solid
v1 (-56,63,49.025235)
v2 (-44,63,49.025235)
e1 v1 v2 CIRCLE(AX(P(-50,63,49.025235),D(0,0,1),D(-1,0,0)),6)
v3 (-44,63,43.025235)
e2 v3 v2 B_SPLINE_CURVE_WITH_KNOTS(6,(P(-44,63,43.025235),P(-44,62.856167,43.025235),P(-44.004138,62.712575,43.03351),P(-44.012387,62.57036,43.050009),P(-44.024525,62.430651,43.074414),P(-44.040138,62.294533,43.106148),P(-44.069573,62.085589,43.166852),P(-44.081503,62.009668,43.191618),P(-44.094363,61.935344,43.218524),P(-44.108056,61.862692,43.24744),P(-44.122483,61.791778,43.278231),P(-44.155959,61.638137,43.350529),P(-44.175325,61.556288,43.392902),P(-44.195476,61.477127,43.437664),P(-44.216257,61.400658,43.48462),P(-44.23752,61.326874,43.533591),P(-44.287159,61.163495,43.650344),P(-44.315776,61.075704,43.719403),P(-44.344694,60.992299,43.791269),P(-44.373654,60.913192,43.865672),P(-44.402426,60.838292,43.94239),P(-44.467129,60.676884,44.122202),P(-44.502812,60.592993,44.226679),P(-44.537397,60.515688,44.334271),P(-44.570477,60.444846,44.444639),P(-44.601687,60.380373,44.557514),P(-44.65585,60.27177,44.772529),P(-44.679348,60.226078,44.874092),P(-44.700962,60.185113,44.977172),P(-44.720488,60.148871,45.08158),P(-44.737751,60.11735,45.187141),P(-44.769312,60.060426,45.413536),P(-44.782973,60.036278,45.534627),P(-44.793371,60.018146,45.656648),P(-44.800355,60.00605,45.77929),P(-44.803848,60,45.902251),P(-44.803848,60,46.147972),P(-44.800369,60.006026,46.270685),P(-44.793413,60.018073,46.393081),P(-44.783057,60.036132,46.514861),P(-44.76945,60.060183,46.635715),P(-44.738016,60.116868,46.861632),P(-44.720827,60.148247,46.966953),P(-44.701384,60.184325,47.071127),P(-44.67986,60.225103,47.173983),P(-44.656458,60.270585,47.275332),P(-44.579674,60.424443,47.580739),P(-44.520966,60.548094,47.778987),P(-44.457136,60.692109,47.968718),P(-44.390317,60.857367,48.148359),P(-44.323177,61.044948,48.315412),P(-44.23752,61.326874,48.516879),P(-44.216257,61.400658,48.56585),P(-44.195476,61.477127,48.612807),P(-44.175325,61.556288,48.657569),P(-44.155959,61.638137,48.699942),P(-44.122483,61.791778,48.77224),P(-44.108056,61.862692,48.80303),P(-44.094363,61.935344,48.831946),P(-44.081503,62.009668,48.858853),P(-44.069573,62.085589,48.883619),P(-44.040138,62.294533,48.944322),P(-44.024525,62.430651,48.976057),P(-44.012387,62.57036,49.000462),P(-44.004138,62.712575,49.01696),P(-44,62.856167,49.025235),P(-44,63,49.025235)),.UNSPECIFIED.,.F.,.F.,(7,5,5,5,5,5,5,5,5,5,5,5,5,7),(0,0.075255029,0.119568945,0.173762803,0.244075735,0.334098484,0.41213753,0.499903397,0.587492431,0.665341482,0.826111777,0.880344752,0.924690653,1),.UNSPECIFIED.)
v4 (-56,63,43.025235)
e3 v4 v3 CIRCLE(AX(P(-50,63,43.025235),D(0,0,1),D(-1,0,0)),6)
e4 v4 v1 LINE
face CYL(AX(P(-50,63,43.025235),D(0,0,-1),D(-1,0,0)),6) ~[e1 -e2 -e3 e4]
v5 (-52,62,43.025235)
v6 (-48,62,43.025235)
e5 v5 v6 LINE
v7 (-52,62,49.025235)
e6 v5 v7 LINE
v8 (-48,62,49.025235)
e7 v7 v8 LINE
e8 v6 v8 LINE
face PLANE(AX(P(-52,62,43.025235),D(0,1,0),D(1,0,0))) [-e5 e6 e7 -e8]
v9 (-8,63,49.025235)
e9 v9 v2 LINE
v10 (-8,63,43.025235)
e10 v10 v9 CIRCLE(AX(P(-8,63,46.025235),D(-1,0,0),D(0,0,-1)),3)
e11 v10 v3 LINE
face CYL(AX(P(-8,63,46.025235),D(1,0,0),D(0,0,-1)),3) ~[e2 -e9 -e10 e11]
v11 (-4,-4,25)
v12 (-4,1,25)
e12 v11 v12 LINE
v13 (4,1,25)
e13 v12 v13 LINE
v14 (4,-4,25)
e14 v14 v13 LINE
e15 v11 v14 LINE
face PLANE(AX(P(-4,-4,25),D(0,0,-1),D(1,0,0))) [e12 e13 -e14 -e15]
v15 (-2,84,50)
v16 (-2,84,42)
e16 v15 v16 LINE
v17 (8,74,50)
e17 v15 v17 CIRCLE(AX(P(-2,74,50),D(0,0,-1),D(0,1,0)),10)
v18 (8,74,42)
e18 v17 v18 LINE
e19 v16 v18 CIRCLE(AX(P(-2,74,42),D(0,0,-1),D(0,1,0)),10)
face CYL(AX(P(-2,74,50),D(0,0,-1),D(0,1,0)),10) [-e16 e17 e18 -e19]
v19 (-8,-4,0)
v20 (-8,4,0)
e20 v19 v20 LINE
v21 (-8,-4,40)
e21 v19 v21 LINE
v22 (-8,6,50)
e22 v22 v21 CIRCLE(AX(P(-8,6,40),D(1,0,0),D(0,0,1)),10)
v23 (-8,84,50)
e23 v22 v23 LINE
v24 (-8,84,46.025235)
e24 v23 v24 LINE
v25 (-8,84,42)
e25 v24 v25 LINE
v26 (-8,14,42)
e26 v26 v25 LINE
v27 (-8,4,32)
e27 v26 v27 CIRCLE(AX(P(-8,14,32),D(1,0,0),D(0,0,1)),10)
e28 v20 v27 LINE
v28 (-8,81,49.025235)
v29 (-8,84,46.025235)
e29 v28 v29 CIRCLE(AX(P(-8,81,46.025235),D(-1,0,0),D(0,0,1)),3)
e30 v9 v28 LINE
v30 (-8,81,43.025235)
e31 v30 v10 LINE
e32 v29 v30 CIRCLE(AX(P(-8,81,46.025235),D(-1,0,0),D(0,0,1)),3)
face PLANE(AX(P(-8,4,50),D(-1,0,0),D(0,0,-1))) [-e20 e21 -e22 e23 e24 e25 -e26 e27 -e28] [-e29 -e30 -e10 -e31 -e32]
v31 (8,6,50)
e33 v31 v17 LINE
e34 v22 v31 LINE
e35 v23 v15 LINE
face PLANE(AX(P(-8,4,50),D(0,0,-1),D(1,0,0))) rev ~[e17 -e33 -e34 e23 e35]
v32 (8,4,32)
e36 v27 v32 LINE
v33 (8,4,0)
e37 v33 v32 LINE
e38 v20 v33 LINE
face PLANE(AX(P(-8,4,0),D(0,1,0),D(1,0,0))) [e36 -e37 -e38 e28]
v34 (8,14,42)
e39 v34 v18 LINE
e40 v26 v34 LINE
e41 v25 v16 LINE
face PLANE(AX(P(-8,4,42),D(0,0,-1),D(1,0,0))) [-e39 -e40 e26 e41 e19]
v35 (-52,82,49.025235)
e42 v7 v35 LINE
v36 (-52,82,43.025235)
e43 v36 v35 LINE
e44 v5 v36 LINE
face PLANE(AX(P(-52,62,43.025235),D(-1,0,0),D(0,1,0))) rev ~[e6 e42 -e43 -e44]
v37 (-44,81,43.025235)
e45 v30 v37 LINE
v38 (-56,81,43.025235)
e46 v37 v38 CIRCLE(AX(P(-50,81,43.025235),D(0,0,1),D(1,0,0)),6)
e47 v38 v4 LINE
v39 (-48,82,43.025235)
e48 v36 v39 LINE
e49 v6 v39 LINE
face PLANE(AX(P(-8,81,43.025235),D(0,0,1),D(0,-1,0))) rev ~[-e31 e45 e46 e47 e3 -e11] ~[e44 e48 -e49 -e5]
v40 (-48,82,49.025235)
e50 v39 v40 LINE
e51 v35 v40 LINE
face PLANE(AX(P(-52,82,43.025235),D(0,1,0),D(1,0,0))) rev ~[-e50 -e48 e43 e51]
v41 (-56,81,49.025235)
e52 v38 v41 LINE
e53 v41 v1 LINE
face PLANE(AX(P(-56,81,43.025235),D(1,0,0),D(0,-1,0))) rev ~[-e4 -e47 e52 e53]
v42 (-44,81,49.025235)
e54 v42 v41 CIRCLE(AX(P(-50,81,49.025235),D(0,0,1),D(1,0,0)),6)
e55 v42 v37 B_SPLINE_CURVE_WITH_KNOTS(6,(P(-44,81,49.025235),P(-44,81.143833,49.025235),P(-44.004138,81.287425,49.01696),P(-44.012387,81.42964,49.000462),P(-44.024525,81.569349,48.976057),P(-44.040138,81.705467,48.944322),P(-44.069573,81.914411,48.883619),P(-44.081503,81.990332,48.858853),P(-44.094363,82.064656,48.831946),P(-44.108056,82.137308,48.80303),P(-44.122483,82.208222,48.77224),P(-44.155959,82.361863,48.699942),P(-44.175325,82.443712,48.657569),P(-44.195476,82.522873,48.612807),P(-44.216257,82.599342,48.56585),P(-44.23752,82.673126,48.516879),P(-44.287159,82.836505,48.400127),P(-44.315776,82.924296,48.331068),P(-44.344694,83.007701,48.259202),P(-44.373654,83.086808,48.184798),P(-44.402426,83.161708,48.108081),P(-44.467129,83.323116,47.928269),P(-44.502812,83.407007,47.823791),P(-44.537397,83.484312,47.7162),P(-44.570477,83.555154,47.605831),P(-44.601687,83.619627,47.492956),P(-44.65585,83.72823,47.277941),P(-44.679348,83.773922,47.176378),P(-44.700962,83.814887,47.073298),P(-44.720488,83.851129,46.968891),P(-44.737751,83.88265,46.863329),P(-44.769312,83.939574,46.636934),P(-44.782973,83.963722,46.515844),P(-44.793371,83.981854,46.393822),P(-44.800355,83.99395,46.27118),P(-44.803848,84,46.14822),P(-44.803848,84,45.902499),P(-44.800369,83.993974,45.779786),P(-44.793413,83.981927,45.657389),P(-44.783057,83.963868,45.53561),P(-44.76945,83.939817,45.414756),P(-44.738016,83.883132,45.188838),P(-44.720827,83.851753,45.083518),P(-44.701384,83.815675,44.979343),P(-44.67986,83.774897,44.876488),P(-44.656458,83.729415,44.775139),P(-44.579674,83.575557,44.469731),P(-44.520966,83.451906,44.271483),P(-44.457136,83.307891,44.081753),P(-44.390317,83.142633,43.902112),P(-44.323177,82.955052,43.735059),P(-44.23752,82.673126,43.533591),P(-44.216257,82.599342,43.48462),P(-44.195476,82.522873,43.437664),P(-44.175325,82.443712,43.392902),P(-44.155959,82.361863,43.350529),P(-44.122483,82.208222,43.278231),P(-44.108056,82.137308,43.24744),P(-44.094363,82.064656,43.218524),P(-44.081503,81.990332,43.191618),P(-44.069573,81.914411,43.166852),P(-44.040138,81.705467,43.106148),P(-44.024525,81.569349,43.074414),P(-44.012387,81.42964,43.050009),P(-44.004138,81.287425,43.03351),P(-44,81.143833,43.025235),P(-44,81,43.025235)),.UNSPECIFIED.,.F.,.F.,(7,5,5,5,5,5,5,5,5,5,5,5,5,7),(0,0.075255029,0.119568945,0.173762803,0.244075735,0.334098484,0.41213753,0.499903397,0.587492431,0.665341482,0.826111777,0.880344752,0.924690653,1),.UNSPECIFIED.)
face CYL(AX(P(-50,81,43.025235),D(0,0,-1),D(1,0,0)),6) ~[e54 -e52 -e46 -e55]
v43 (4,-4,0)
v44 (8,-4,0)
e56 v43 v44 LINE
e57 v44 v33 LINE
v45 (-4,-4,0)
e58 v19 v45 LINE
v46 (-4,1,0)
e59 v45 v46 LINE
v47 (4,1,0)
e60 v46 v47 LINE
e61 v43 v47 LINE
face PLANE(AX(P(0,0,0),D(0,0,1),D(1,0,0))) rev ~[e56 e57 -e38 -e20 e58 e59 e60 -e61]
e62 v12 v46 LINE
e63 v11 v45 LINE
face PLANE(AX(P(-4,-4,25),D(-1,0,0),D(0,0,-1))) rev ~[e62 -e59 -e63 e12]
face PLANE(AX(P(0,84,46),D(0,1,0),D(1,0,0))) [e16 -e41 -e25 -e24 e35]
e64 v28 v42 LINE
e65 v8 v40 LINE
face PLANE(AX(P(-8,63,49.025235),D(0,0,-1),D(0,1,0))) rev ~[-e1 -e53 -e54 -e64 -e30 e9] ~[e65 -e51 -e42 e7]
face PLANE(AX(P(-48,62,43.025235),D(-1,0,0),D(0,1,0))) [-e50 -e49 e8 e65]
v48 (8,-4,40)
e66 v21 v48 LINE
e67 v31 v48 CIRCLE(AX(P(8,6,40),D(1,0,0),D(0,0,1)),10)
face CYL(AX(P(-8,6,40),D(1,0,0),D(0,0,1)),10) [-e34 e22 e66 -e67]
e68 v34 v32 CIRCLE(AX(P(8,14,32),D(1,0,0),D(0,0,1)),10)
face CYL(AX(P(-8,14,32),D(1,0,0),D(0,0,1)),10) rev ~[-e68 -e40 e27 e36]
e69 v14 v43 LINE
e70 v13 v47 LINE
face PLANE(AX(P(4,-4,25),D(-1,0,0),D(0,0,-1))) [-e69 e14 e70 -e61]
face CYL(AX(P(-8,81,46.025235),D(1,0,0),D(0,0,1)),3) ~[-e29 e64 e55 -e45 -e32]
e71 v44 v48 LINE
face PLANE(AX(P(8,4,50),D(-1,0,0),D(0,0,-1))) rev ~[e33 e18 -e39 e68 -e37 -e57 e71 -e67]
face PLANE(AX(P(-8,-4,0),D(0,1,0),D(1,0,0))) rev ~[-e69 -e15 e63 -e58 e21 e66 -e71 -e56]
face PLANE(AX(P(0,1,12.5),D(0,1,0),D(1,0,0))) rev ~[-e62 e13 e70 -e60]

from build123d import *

# Parameters (mm, degrees)
ARM_FEATURE_SKETCH_W = 16
ARM_FEATURE_SKETCH_H = 8
ARM_FEATURE_DEPTH    = 50
TAB_FEATURE_SKETCH_W = 8
TAB_FEATURE_SKETCH_H = 25
TAB_FEATURE_DEPTH    = 5
LEG_FEATURE_SKETCH_W = 16
LEG_FEATURE_SKETCH_H = 8
LEG_FEATURE_DEPTH    = 80
SLOT_FEATURE_DEPTH   = 42
STRAP_FEATURE_DEPTH  = 6
STRAP_CUT_SKETCH_W   = 4
STRAP_CUT_SKETCH_H   = 20
STRAP_CUT_DEPTH      = 6
FILLET1_R            = 10
FILLET2_R            = 10
FILLET3_R            = 10


with BuildPart() as part:
    # Arm Feature Sketch → Arm Feature (new body)
    with BuildSketch(Plane.XY):
        Rectangle(ARM_FEATURE_SKETCH_W, ARM_FEATURE_SKETCH_H)
    extrude(amount=ARM_FEATURE_DEPTH)

    # Tab Feature Sketch → Tab Feature (cut)
    with BuildSketch(Plane(origin=(0, -4, 0), x_dir=(1, 0, 0), z_dir=(0, 1, 0))):
        with Locations((0, -12.5)):
            Rectangle(TAB_FEATURE_SKETCH_W, TAB_FEATURE_SKETCH_H)
    extrude(amount=TAB_FEATURE_DEPTH, mode=Mode.SUBTRACT)

    # Leg Feature Sketch → Leg Feature (add)
    with BuildSketch(Plane(origin=(0, 4, 0), x_dir=(1, 0, 0), z_dir=(0, 1, 0))):
        with Locations((0, -46)):
            Rectangle(LEG_FEATURE_SKETCH_W, LEG_FEATURE_SKETCH_H)
    extrude(amount=LEG_FEATURE_DEPTH)

    # Slot Feature Sketch → Slot Feature (add)
    with BuildSketch(Plane(origin=(-8, 0, 0), x_dir=(0, 0, -1), z_dir=(1, 0, 0))):
        with BuildLine():
            Line((-43.025235216, 81), (-43.025235216, 63))
            ThreePointArc((-43.025235216, 63), (-46.025235216, 60), (-49.025235216, 63))
            Line((-49.025235216, 63), (-49.025235216, 81))
            ThreePointArc((-49.025235216, 81), (-46.025235216, 84), (-43.025235216, 81))
        make_face()
    extrude(amount=-SLOT_FEATURE_DEPTH)

    # Strap Feature Sketch → Strap Feature (add)
    with BuildSketch(Plane(origin=(0, 0, 43.025235216), x_dir=(-1, 0, 0), z_dir=(0, 0, -1))):
        with BuildLine():
            Line((44, 63), (44, 81))
            ThreePointArc((44, 81), (50, 87), (56, 81))
            Line((56, 81), (56, 63))
            ThreePointArc((56, 63), (50, 57), (44, 63))
        make_face()
    extrude(amount=-STRAP_FEATURE_DEPTH)

    # Strap Cut Sketch → Strap Cut (cut)
    with BuildSketch(Plane.XY.offset(43.025235216)):
        with Locations((-50, 72)):
            Rectangle(STRAP_CUT_SKETCH_W, STRAP_CUT_SKETCH_H)
    extrude(amount=STRAP_CUT_DEPTH, mode=Mode.SUBTRACT)

    # Fillet1
    fillet1_edges = [part.edges().sort_by_distance(p)[0] for p in [
        (0, -4, 50),
    ]]
    fillet(fillet1_edges, radius=FILLET1_R)

    # Fillet2
    fillet2_edges = [part.edges().sort_by_distance(p)[0] for p in [
        (0, 4, 42),
    ]]
    fillet(fillet2_edges, radius=FILLET2_R)

    # Fillet3
    fillet3_edges = [part.edges().sort_by_distance(p)[0] for p in [
        (8, 84, 46),
    ]]
    fillet(fillet3_edges, radius=FILLET3_R)


solid = part.part
